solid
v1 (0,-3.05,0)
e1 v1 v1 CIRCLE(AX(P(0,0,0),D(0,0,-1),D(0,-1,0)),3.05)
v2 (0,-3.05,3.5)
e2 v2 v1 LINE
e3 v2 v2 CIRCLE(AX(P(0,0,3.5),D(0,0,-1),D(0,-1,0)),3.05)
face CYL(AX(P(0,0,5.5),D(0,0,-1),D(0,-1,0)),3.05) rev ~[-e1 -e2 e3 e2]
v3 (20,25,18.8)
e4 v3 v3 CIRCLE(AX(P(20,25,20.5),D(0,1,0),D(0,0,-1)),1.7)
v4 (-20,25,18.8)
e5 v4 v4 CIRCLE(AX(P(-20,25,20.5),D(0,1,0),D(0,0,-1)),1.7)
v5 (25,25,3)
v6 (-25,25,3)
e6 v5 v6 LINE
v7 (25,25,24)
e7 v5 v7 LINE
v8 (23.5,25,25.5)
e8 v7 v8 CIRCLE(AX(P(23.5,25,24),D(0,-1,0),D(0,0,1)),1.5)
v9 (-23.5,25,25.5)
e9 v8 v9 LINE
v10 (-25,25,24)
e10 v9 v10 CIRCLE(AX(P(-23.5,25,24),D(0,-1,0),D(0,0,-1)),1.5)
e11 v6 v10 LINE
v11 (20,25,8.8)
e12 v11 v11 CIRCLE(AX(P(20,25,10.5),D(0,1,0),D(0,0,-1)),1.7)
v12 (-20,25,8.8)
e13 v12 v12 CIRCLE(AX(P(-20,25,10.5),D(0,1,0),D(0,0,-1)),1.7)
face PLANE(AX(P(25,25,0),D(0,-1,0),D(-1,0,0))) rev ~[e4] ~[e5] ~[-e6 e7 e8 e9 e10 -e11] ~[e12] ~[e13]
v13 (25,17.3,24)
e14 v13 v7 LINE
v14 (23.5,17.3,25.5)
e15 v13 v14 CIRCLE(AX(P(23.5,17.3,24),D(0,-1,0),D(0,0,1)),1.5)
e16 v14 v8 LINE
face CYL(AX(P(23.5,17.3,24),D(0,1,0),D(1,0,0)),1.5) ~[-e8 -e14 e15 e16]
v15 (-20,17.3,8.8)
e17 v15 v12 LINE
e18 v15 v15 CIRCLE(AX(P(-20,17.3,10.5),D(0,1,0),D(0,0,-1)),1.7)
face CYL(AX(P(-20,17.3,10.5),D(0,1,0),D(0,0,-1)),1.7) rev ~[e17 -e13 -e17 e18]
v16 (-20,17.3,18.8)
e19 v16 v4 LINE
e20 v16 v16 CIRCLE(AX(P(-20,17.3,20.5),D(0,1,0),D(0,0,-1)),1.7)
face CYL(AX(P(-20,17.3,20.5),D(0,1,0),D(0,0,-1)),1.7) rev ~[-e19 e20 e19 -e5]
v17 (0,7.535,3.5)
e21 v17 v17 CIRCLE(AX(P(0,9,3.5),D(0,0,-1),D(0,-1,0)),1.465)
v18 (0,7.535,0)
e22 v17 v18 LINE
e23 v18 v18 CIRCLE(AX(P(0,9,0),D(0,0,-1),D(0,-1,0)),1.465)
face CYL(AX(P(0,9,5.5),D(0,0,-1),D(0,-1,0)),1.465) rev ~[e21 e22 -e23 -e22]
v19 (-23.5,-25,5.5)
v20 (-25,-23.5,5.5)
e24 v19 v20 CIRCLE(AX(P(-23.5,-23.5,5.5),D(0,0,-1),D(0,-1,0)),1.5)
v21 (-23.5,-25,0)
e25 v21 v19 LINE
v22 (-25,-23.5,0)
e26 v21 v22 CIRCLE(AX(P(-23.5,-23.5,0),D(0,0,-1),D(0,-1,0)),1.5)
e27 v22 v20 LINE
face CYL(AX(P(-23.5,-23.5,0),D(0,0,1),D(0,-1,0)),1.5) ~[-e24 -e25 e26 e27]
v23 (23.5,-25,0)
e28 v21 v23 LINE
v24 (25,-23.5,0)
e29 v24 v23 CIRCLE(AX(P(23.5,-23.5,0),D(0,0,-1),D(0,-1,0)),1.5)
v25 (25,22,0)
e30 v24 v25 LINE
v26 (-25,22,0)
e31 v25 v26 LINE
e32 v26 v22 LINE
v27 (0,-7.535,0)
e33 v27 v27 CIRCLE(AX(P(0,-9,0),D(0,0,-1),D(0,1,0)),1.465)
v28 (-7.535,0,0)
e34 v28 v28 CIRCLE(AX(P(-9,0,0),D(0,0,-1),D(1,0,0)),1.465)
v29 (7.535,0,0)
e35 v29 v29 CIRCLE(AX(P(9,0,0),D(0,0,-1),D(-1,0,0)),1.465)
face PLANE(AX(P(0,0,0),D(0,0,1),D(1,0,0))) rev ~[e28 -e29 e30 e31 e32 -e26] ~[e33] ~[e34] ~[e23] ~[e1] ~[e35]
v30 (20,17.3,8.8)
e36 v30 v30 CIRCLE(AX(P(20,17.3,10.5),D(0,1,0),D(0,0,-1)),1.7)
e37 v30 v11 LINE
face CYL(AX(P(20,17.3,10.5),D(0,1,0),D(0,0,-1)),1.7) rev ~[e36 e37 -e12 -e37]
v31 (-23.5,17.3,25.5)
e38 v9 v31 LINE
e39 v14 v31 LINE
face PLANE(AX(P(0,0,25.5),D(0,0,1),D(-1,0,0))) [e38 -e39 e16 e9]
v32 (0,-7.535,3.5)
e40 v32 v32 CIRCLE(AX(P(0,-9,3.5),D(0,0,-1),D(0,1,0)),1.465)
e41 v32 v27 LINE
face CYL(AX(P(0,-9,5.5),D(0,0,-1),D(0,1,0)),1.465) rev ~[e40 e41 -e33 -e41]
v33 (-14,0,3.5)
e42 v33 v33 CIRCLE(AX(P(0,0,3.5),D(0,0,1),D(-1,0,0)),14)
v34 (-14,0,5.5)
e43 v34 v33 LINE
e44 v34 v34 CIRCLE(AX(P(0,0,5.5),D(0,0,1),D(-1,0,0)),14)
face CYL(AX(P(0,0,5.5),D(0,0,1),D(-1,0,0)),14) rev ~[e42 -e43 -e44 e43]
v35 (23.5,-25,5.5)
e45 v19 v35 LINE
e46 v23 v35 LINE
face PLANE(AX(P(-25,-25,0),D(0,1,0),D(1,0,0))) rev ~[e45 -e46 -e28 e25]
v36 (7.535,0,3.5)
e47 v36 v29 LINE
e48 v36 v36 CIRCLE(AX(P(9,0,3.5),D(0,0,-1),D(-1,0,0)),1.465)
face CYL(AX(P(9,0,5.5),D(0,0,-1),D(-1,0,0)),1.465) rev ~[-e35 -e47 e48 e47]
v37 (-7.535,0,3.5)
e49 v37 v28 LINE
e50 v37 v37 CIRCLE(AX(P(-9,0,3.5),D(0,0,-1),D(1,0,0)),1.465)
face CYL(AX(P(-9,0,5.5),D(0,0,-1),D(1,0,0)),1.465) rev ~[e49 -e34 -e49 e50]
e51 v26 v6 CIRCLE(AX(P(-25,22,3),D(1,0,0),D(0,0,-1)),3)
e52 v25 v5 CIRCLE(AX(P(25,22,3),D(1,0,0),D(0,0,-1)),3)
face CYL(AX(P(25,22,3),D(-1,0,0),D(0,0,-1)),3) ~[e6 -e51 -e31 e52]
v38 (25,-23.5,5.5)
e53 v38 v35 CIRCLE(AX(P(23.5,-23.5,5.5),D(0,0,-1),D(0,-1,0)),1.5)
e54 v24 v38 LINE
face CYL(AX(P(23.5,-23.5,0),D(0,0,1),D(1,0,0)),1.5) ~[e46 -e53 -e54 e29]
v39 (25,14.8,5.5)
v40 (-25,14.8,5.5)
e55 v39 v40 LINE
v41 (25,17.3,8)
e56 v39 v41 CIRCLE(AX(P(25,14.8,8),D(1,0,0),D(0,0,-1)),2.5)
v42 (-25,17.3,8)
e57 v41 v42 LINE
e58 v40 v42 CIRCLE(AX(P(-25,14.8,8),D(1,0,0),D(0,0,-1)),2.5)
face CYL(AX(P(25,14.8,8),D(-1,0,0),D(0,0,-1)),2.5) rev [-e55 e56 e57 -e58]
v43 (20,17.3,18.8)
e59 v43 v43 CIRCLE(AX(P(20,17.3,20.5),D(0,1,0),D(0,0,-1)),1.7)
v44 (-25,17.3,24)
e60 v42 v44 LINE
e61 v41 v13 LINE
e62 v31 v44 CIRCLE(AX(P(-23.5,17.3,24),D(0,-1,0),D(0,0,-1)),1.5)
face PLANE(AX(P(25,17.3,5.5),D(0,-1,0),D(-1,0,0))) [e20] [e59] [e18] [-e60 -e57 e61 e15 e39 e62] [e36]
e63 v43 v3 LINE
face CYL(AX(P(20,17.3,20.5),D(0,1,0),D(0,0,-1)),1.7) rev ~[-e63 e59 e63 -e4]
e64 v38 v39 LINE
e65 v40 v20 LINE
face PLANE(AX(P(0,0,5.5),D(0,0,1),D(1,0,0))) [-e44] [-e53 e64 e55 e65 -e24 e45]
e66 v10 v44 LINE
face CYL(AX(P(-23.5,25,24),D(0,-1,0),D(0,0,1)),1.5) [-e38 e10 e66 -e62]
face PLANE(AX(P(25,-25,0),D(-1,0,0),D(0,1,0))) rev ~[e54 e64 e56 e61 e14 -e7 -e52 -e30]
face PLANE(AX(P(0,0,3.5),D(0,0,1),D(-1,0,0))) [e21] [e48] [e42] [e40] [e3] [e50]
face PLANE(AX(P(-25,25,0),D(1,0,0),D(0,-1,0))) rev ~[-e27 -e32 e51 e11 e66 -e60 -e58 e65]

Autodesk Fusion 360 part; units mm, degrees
sketch "Sketch1" plane through (0, 0, 0) normal (0, 0, 1) x (1, 0, 0)
  line L0 (25, 25) -> (-25, 25)
  line L1 (-25, 25) -> (-25, -25)
  line L2 (-25, -25) -> (25, -25)
  line L3 (25, -25) -> (25, 25)
  line L4 (25, 25) -> (-25, -25) construction
  line L5 (-25, 25) -> (25, -25) construction
  dimension "d1" = 50
  dimension "d2" = 50
extrude "Extrude1" add sketch "Sketch1" along normal blind 5.5
sketch "Sketch2" plane through (0, 0, 5.5) normal (0, 0, 1) x (-1, 0, 0)
  line L0 (-25, 25) -> (-25, -25)
  line L1 (-25, -25) -> (25, -25)
  line L2 (25, -25) -> (25, 25)
  line L3 (25, 25) -> (-25, 25)
  line L4 (25, -25) -> (-25, -25)
  line L5 (-25, -25) -> (-25, -17.3)
  line L6 (-25, -17.3) -> (25, -17.3)
  line L7 (25, -17.3) -> (25, -25)
  dimension "d11" = 7.7
  dimension "d12" = 50
extrude "Extrude2" add sketch "Sketch2" along normal blind 20 contours L0 L1 L2 L4 L5 L6 L7
sketch "Sketch3" plane through (0, 0, 5.5) normal (0, 0, 1) x (-1, 0, 0)
  line L0 (-25, -17.3) -> (25, -17.3)
  line L1 (25, -17.3) -> (25, 25)
  line L2 (25, 25) -> (-25, 25)
  line L3 (-25, 25) -> (-25, -17.3)
  circle A0 centre (0, 0) radius 14
  dimension "d15" = 28
sketch "Sketch4" plane through (0, 0, 5.5) normal (0, 0, 1) x (-1, 0, 0)
fillet "Fillet1" radius 2.5 1 edges at (0, 17.3, 5.5)
fillet "Fillet2" radius 3 1 edges at (0, 25, 0)
fillet "Fillet3" radius 1.5 4 edges at (25, -25, 2.75) (-25, -25, 2.75) (25, 21.15, 25.5) (-25, 21.15, 25.5)
extrude "Extrude3" cut sketch "Sketch3" against normal blind 2 contours A0
sketch "Sketch5" plane through (0, 0, 5.5) normal (0, 0, 1) x (-1, 0, 0)
  circle A0 centre (0, 0) radius 14
  arc A1 (25, 23.5) -> (23.5, 25) centre (23.5, 23.5) ccw
  line L0 (23.5, 25) -> (-23.5, 25)
  arc A2 (-23.5, 25) -> (-25, 23.5) centre (-23.5, 23.5) ccw
  line L1 (-25, 23.5) -> (-25, -14.8)
  line L2 (-25, -14.8) -> (25, -14.8)
  line L3 (25, -14.8) -> (25, 23.5)
  circle A3 centre (0, 0) radius 9 construction
  point P0 (0, -9)
  dimension "d24" = 18
hole "Hole1" at (0, 0, 5.5) direction (0, 0, -1) diameter 6.1 depth 10 tip angle 118
hole "Hole2" at (0, 9, 5.5) direction (0, 0, -1) diameter 2.93 depth 10 tip angle 118
pattern_circular "C-Pattern1" count 4 over 360 about axis through (0, 0, 1.75) along (0, 0, 1) of "Hole2"
hole "Hole3" at (-20, 17.3, 20.5) direction (0, 1, 0) diameter 3.4 depth 10 tip angle 118
hole "Hole4" at (-20, 17.3, 10.5) direction (0, 1, 0) diameter 3.4 depth 10 tip angle 118
hole "Hole5" at (20, 17.3, 20.5) direction (0, 1, 0) diameter 3.4 depth 10 tip angle 118
hole "Hole6" at (20, 17.3, 10.5) direction (0, 1, 0) diameter 3.4 depth 10 tip angle 118
equation "Base_Feature_1 = 50 mm"
equation "Width_Feature_1 = 50 mm"
equation "thickness_Feature_1 = 5.5 mm"
equation "Base_Feature_2 = 50 mm"
equation "Height_Feature_2 = 20 mm"
equation "Thickness_Feature_2 = 7.7 mm"
equation "d11 = Thickness_Feature_2"
equation "d12 = Base_Feature_2"
equation "d13 = Height_Feature_2"
equation "Feature_2_Edge = 5 mm"
equation "Feature_2_Top = 5.0 mm"
equation "Feat_2_Left_Holes_Xpos = Feature_2_Edge"
equation "Feat_2_Right_Holes_xpos = Base_Feature_2 - Feature_2_Edge"
equation "motor_hole = 6.1 mm"
equation "Feature_1_Motor_Hole = 6.1 mm"
equation "Feature_1_Motor_Mount_Hole_Size = 3 mm"
